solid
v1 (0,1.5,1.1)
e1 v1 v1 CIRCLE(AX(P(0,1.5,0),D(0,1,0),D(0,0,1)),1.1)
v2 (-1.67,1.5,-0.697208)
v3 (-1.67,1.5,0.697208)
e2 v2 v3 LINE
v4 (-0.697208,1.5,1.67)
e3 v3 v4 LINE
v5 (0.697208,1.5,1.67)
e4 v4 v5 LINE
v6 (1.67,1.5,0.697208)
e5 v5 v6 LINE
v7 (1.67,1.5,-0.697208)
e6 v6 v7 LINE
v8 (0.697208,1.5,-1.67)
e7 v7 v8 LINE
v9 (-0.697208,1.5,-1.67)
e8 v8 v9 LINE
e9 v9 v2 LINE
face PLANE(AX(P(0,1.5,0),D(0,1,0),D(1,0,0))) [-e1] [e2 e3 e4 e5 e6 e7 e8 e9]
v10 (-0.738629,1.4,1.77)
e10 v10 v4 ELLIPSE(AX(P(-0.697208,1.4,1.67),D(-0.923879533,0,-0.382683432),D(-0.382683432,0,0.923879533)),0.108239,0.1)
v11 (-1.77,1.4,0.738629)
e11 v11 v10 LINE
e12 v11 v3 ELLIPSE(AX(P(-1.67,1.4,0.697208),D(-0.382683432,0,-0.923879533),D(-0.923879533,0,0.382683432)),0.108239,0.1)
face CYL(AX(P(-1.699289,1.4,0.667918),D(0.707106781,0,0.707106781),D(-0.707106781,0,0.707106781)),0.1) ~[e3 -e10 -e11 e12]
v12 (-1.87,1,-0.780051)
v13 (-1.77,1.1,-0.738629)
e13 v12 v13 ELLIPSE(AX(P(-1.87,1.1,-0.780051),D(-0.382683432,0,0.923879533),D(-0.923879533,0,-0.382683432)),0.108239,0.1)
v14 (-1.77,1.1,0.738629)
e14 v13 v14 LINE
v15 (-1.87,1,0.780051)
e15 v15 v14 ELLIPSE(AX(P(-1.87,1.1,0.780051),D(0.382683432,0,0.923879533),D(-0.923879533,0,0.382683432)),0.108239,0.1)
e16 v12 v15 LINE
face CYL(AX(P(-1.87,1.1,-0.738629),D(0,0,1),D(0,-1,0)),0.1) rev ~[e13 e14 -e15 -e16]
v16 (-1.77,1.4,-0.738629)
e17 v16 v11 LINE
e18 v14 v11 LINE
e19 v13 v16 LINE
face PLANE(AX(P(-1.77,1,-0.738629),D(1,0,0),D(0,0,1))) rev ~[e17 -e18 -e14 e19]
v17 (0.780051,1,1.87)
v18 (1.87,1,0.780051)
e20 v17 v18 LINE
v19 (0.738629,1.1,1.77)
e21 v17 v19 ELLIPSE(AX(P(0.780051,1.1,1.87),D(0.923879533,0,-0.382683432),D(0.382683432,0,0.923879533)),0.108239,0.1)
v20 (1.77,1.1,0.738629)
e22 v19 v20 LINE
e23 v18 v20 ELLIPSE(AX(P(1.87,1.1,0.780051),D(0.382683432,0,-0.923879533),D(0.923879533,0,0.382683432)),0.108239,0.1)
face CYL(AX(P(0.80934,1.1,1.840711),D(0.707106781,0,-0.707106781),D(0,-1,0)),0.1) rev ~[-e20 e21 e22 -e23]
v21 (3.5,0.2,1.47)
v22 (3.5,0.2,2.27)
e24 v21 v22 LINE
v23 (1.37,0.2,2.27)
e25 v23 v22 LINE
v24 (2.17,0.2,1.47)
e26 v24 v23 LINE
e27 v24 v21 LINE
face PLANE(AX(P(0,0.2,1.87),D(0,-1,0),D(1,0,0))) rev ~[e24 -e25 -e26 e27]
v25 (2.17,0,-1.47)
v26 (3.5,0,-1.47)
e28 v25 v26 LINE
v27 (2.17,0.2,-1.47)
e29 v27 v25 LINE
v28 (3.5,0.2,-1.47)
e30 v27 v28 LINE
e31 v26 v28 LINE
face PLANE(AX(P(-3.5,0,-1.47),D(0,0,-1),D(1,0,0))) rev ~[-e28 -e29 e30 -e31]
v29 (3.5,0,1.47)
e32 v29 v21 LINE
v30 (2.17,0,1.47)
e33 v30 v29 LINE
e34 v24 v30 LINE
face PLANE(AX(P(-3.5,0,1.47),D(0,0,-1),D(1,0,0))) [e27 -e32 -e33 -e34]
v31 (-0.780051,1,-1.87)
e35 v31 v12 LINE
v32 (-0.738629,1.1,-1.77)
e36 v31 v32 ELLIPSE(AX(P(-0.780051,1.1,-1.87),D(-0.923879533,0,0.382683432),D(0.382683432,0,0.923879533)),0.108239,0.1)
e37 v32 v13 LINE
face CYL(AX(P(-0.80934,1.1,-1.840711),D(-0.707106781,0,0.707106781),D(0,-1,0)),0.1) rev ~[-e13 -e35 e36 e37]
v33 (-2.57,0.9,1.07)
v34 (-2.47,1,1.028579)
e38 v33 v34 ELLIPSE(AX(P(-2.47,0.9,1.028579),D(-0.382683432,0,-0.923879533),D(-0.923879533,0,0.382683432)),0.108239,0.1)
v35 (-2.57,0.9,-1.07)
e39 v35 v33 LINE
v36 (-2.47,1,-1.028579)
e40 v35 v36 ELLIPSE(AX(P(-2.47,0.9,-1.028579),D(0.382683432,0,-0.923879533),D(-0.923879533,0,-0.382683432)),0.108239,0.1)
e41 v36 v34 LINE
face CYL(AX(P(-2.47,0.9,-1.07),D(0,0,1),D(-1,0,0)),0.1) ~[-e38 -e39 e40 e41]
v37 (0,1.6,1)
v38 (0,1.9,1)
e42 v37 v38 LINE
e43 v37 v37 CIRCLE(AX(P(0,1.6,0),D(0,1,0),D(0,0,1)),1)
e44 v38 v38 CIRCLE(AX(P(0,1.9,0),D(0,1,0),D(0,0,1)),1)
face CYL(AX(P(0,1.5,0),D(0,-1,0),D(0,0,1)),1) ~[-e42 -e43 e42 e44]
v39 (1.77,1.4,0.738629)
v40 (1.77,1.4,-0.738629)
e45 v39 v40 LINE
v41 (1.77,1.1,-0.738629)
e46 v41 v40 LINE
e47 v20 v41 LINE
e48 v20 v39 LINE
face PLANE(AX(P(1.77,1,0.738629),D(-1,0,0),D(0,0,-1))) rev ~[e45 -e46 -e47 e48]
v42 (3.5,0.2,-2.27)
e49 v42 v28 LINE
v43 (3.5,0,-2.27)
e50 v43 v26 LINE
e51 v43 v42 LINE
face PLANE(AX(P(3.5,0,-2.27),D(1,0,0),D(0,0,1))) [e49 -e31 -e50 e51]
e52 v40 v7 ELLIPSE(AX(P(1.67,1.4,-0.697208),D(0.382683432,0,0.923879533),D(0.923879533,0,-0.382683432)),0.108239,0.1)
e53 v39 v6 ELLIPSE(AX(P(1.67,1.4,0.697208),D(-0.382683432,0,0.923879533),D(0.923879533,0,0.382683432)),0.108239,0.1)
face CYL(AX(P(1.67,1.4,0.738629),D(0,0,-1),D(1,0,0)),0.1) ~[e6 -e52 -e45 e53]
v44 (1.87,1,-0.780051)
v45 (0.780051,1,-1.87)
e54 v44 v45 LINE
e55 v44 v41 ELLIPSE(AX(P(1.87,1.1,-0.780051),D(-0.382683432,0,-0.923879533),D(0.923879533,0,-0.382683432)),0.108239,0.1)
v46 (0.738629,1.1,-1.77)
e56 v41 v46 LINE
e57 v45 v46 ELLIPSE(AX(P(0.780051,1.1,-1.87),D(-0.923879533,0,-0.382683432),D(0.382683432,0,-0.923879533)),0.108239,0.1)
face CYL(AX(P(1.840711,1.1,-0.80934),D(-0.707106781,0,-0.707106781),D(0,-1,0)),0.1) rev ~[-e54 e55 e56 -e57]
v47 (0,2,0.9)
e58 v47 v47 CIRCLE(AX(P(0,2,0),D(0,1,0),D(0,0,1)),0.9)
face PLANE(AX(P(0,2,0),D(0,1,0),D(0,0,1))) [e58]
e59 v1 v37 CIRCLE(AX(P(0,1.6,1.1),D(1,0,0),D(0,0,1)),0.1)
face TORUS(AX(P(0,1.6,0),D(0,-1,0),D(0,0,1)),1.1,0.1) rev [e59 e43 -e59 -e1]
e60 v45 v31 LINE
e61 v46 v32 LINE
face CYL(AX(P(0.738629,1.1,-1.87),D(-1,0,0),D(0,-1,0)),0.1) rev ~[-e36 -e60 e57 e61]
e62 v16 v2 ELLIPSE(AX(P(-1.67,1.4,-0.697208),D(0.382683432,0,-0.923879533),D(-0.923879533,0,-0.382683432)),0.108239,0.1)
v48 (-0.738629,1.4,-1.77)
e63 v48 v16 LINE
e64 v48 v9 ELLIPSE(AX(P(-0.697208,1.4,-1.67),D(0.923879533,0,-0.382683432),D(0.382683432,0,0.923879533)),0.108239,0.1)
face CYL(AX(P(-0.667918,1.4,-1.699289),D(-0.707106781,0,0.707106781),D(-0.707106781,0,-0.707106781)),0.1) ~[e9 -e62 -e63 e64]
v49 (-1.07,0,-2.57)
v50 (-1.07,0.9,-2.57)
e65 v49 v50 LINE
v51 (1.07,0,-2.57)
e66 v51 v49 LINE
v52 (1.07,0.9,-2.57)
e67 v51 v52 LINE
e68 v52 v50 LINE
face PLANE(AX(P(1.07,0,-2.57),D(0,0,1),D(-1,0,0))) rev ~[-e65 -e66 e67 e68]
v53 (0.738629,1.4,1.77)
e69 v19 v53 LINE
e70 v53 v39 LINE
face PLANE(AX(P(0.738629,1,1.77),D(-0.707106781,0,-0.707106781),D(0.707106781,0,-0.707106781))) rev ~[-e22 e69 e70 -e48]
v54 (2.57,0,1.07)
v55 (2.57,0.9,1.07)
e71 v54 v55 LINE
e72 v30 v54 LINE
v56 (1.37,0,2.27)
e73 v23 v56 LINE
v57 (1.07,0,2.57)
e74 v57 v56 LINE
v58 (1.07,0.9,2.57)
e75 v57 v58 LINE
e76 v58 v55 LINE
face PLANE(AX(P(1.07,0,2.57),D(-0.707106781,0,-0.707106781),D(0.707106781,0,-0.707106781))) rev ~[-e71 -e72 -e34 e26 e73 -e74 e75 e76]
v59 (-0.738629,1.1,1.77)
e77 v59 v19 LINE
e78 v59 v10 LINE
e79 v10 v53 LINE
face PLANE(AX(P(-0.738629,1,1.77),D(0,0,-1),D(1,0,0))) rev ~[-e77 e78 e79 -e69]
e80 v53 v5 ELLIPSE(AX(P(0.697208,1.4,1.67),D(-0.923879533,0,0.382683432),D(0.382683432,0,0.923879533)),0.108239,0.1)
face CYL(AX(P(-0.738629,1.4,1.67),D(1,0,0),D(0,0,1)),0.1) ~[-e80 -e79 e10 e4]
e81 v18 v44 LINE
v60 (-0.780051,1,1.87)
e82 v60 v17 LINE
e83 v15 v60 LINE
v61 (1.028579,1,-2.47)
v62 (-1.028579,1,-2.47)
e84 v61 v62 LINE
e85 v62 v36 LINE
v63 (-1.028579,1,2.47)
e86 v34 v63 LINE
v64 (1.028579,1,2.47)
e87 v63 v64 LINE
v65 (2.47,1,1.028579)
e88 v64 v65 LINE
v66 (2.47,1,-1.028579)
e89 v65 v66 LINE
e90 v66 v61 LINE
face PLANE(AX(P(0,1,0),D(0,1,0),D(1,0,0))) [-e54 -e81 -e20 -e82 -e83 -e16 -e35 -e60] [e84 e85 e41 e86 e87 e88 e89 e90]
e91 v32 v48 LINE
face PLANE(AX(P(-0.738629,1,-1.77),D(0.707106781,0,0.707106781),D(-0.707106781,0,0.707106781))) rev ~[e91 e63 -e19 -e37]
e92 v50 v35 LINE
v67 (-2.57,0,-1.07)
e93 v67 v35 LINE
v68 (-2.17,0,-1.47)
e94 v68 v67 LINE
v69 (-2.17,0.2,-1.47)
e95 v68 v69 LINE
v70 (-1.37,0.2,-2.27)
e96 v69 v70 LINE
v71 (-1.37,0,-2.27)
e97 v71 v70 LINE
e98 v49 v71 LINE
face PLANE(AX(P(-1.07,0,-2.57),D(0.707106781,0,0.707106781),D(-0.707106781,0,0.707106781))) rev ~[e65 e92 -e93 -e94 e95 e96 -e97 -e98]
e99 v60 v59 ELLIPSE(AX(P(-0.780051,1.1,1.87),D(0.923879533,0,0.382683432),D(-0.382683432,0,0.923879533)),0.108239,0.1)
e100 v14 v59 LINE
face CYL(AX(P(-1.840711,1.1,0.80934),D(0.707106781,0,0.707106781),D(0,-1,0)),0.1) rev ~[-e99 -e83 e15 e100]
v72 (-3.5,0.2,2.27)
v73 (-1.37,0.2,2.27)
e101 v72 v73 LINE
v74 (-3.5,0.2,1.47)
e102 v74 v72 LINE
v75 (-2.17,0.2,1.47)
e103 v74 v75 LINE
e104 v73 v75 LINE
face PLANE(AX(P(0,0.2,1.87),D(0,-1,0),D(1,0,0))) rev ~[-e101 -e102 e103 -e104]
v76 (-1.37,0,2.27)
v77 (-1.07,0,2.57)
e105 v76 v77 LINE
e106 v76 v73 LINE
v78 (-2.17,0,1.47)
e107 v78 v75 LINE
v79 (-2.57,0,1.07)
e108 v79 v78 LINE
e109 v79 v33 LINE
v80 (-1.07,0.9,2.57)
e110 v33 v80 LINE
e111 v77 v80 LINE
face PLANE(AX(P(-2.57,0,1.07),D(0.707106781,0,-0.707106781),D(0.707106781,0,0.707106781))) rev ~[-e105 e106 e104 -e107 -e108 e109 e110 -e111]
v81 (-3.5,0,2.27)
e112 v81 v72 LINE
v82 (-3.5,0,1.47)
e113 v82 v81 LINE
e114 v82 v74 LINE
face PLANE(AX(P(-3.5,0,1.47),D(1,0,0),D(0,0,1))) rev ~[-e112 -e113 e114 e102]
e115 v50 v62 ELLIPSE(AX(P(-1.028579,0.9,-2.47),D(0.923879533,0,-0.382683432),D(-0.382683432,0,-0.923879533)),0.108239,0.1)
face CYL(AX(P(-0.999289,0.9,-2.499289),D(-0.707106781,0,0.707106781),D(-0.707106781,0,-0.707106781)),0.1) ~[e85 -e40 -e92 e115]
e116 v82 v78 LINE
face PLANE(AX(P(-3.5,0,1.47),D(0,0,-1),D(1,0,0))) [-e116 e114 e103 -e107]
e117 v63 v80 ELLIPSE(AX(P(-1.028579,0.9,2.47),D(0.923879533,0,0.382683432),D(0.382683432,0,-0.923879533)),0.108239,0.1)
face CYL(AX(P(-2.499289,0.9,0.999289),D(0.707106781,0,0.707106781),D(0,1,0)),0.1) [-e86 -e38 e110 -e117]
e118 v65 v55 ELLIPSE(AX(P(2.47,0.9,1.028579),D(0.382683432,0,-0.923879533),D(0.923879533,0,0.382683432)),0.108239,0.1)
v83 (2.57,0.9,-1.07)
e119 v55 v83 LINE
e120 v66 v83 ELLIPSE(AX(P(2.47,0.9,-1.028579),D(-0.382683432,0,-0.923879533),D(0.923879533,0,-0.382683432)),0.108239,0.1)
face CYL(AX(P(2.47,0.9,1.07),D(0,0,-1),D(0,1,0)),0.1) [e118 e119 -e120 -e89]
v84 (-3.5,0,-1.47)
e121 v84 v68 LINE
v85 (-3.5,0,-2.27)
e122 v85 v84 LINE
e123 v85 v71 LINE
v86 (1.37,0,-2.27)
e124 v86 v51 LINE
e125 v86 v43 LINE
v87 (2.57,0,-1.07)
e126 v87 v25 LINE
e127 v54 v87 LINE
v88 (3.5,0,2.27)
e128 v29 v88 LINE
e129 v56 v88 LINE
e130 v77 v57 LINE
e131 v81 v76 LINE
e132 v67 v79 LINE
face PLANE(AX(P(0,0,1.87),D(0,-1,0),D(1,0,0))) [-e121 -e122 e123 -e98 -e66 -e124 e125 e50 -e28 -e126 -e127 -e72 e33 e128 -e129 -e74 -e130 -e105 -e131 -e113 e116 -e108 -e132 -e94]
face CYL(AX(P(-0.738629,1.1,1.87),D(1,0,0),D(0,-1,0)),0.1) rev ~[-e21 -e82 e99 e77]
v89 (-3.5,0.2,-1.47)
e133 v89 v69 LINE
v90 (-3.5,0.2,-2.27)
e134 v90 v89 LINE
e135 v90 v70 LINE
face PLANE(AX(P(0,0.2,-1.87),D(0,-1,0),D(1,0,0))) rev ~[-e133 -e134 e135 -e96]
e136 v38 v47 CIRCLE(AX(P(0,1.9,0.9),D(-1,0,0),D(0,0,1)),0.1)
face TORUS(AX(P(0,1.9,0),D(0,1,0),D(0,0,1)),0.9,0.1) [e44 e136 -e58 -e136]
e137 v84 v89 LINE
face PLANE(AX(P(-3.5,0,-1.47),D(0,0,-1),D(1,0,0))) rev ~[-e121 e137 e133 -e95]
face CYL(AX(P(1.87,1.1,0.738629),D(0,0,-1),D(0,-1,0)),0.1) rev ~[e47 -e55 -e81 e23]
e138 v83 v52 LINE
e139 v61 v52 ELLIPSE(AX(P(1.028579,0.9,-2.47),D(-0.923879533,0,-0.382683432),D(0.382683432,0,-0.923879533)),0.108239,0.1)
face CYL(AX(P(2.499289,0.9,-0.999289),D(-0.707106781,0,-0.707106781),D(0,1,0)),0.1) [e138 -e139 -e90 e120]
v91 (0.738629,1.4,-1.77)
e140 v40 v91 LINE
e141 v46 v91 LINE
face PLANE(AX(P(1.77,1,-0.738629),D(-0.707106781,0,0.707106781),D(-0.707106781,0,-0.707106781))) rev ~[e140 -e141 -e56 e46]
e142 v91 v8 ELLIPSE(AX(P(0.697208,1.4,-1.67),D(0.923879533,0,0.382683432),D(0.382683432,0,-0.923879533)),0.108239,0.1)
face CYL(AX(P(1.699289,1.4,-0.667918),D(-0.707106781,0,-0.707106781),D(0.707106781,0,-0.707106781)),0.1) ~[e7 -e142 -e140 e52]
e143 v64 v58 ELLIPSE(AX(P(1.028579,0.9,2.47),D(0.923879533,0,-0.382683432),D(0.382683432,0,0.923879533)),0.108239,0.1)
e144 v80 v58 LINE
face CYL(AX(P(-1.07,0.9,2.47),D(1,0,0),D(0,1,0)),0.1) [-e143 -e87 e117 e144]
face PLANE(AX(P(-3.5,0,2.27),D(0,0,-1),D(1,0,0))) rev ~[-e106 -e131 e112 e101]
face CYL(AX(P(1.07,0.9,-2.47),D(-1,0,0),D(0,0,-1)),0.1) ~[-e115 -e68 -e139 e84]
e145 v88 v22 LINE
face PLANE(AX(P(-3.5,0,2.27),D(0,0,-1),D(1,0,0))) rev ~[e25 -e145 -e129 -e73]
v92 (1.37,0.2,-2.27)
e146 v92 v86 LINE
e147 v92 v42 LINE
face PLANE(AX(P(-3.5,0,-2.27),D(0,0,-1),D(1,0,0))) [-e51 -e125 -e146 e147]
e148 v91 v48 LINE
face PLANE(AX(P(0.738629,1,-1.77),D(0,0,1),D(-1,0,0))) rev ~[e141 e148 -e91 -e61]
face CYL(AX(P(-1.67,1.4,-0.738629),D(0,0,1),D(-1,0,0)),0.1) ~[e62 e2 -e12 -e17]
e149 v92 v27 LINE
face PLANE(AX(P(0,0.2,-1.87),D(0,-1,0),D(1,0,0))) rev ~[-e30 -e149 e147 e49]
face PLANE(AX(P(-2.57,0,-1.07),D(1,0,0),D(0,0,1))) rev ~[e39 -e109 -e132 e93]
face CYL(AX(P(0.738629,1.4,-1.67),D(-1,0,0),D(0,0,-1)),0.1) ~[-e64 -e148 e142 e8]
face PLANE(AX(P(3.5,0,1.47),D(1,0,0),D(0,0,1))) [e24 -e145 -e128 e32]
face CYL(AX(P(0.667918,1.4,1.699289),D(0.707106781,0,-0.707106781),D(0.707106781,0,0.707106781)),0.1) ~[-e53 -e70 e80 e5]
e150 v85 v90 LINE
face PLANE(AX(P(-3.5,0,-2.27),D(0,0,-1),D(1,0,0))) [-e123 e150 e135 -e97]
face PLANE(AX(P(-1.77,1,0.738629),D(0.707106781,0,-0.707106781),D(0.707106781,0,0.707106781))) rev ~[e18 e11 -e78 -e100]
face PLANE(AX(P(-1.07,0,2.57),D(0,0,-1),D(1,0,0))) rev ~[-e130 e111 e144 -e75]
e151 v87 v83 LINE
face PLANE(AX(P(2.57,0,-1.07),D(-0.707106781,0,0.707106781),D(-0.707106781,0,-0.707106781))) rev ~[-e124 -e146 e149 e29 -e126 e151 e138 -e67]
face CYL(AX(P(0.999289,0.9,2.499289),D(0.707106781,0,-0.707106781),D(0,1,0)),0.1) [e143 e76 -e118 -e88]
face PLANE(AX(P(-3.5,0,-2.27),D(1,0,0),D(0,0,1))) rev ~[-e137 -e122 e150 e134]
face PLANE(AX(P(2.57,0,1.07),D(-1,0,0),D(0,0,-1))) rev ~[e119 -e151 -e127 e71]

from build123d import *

# Parameters (mm, degrees)
BOSS_EXTRUDE1_DEPTH = 1
BOSS_EXTRUDE2_DEPTH = 0.5
SKETCH3_R           = 1
BOSS_EXTRUDE3_DEPTH = 0.5
FILLET1_R           = 0.1
SKETCH4_W           = 7
SKETCH4_H           = 0.8
BOSS_EXTRUDE4_DEPTH = 0.2
FILLET2_R           = 0.1


with BuildPart() as part:
    # Sketch1 → Boss-Extrude1 (new body)
    with BuildSketch(Plane(origin=(0, 0, 0), x_dir=(1, 0, 0), z_dir=(0, 1, 0))):
        Polygon((-1.07, 2.57), (-2.57, 1.07), (-2.57, -1.07), (-1.07, -2.57), (1.07, -2.57), (2.57, -1.07), (2.57, 1.07), (1.07, 2.57), align=None)
    extrude(amount=BOSS_EXTRUDE1_DEPTH)

    # Sketch2 → Boss-Extrude2 (add)
    with BuildSketch(Plane(origin=(0, 1, 0), x_dir=(1, 0, 0), z_dir=(0, 1, 0))):
        Polygon((-1.77, 0.73862915), (-1.77, -0.73862915), (-0.73862915, -1.77), (0.73862915, -1.77), (1.77, -0.73862915), (1.77, 0.73862915), (0.73862915, 1.77), (-0.73862915, 1.77), align=None)
    extrude(amount=BOSS_EXTRUDE2_DEPTH)

    # Sketch3 → Boss-Extrude3 (add)
    with BuildSketch(Plane(origin=(0, 1.5, 0), x_dir=(1, 0, 0), z_dir=(0, 1, 0))):
        with Locations(Location((0, 0, 0), (0, 0, 270))):
            Circle(SKETCH3_R)
    extrude(amount=BOSS_EXTRUDE3_DEPTH)

    # Fillet1
    fillet1_edges = [part.edges().sort_by_distance(p)[0] for p in [
        (0, 1, 2.57),
        (1.82, 1, 1.82),
        (2.57, 1, 0),
        (1.82, 1, -1.82),
        (-1.254314575, 1, -1.254314575),
        (-1.77, 1, 0),
        (-1.254314575, 1, 1.254314575),
        (0, 1, -2.57),
        (0, 1, 1.77),
        (1.254314575, 1, 1.254314575),
        (1.77, 1, 0),
        (1.254314575, 1, -1.254314575),
        (0, 1, -1.77),
        (-1.254314575, 1.5, -1.254314575),
        (-1.77, 1.5, 0),
        (-1.254314575, 1.5, 1.254314575),
        (0, 1.5, 1.77),
        (1.254314575, 1.5, 1.254314575),
        (1.77, 1.5, 0),
        (1.254314575, 1.5, -1.254314575),
        (-1.82, 1, -1.82),
        (0, 1.5, -1.77),
        (0, 1.5, -1),
        (-2.57, 1, 0),
        (-1.82, 1, 1.82),
    ]]
    fillet(fillet1_edges, radius=FILLET1_R)

    # Sketch4 → Boss-Extrude4 (add)
    with BuildSketch(Plane.XZ):
        with Locations((0, 1.87)):
            Rectangle(SKETCH4_W, SKETCH4_H)
        with Locations((0, -1.87)):
            Rectangle(SKETCH4_W, SKETCH4_H)
    extrude(amount=-BOSS_EXTRUDE4_DEPTH)

    # Fillet2
    fillet2_edges = [part.edges().sort_by_distance(p)[0] for p in [
        (0, 2, -1),
    ]]
    fillet(fillet2_edges, radius=FILLET2_R)


solid = part.part
